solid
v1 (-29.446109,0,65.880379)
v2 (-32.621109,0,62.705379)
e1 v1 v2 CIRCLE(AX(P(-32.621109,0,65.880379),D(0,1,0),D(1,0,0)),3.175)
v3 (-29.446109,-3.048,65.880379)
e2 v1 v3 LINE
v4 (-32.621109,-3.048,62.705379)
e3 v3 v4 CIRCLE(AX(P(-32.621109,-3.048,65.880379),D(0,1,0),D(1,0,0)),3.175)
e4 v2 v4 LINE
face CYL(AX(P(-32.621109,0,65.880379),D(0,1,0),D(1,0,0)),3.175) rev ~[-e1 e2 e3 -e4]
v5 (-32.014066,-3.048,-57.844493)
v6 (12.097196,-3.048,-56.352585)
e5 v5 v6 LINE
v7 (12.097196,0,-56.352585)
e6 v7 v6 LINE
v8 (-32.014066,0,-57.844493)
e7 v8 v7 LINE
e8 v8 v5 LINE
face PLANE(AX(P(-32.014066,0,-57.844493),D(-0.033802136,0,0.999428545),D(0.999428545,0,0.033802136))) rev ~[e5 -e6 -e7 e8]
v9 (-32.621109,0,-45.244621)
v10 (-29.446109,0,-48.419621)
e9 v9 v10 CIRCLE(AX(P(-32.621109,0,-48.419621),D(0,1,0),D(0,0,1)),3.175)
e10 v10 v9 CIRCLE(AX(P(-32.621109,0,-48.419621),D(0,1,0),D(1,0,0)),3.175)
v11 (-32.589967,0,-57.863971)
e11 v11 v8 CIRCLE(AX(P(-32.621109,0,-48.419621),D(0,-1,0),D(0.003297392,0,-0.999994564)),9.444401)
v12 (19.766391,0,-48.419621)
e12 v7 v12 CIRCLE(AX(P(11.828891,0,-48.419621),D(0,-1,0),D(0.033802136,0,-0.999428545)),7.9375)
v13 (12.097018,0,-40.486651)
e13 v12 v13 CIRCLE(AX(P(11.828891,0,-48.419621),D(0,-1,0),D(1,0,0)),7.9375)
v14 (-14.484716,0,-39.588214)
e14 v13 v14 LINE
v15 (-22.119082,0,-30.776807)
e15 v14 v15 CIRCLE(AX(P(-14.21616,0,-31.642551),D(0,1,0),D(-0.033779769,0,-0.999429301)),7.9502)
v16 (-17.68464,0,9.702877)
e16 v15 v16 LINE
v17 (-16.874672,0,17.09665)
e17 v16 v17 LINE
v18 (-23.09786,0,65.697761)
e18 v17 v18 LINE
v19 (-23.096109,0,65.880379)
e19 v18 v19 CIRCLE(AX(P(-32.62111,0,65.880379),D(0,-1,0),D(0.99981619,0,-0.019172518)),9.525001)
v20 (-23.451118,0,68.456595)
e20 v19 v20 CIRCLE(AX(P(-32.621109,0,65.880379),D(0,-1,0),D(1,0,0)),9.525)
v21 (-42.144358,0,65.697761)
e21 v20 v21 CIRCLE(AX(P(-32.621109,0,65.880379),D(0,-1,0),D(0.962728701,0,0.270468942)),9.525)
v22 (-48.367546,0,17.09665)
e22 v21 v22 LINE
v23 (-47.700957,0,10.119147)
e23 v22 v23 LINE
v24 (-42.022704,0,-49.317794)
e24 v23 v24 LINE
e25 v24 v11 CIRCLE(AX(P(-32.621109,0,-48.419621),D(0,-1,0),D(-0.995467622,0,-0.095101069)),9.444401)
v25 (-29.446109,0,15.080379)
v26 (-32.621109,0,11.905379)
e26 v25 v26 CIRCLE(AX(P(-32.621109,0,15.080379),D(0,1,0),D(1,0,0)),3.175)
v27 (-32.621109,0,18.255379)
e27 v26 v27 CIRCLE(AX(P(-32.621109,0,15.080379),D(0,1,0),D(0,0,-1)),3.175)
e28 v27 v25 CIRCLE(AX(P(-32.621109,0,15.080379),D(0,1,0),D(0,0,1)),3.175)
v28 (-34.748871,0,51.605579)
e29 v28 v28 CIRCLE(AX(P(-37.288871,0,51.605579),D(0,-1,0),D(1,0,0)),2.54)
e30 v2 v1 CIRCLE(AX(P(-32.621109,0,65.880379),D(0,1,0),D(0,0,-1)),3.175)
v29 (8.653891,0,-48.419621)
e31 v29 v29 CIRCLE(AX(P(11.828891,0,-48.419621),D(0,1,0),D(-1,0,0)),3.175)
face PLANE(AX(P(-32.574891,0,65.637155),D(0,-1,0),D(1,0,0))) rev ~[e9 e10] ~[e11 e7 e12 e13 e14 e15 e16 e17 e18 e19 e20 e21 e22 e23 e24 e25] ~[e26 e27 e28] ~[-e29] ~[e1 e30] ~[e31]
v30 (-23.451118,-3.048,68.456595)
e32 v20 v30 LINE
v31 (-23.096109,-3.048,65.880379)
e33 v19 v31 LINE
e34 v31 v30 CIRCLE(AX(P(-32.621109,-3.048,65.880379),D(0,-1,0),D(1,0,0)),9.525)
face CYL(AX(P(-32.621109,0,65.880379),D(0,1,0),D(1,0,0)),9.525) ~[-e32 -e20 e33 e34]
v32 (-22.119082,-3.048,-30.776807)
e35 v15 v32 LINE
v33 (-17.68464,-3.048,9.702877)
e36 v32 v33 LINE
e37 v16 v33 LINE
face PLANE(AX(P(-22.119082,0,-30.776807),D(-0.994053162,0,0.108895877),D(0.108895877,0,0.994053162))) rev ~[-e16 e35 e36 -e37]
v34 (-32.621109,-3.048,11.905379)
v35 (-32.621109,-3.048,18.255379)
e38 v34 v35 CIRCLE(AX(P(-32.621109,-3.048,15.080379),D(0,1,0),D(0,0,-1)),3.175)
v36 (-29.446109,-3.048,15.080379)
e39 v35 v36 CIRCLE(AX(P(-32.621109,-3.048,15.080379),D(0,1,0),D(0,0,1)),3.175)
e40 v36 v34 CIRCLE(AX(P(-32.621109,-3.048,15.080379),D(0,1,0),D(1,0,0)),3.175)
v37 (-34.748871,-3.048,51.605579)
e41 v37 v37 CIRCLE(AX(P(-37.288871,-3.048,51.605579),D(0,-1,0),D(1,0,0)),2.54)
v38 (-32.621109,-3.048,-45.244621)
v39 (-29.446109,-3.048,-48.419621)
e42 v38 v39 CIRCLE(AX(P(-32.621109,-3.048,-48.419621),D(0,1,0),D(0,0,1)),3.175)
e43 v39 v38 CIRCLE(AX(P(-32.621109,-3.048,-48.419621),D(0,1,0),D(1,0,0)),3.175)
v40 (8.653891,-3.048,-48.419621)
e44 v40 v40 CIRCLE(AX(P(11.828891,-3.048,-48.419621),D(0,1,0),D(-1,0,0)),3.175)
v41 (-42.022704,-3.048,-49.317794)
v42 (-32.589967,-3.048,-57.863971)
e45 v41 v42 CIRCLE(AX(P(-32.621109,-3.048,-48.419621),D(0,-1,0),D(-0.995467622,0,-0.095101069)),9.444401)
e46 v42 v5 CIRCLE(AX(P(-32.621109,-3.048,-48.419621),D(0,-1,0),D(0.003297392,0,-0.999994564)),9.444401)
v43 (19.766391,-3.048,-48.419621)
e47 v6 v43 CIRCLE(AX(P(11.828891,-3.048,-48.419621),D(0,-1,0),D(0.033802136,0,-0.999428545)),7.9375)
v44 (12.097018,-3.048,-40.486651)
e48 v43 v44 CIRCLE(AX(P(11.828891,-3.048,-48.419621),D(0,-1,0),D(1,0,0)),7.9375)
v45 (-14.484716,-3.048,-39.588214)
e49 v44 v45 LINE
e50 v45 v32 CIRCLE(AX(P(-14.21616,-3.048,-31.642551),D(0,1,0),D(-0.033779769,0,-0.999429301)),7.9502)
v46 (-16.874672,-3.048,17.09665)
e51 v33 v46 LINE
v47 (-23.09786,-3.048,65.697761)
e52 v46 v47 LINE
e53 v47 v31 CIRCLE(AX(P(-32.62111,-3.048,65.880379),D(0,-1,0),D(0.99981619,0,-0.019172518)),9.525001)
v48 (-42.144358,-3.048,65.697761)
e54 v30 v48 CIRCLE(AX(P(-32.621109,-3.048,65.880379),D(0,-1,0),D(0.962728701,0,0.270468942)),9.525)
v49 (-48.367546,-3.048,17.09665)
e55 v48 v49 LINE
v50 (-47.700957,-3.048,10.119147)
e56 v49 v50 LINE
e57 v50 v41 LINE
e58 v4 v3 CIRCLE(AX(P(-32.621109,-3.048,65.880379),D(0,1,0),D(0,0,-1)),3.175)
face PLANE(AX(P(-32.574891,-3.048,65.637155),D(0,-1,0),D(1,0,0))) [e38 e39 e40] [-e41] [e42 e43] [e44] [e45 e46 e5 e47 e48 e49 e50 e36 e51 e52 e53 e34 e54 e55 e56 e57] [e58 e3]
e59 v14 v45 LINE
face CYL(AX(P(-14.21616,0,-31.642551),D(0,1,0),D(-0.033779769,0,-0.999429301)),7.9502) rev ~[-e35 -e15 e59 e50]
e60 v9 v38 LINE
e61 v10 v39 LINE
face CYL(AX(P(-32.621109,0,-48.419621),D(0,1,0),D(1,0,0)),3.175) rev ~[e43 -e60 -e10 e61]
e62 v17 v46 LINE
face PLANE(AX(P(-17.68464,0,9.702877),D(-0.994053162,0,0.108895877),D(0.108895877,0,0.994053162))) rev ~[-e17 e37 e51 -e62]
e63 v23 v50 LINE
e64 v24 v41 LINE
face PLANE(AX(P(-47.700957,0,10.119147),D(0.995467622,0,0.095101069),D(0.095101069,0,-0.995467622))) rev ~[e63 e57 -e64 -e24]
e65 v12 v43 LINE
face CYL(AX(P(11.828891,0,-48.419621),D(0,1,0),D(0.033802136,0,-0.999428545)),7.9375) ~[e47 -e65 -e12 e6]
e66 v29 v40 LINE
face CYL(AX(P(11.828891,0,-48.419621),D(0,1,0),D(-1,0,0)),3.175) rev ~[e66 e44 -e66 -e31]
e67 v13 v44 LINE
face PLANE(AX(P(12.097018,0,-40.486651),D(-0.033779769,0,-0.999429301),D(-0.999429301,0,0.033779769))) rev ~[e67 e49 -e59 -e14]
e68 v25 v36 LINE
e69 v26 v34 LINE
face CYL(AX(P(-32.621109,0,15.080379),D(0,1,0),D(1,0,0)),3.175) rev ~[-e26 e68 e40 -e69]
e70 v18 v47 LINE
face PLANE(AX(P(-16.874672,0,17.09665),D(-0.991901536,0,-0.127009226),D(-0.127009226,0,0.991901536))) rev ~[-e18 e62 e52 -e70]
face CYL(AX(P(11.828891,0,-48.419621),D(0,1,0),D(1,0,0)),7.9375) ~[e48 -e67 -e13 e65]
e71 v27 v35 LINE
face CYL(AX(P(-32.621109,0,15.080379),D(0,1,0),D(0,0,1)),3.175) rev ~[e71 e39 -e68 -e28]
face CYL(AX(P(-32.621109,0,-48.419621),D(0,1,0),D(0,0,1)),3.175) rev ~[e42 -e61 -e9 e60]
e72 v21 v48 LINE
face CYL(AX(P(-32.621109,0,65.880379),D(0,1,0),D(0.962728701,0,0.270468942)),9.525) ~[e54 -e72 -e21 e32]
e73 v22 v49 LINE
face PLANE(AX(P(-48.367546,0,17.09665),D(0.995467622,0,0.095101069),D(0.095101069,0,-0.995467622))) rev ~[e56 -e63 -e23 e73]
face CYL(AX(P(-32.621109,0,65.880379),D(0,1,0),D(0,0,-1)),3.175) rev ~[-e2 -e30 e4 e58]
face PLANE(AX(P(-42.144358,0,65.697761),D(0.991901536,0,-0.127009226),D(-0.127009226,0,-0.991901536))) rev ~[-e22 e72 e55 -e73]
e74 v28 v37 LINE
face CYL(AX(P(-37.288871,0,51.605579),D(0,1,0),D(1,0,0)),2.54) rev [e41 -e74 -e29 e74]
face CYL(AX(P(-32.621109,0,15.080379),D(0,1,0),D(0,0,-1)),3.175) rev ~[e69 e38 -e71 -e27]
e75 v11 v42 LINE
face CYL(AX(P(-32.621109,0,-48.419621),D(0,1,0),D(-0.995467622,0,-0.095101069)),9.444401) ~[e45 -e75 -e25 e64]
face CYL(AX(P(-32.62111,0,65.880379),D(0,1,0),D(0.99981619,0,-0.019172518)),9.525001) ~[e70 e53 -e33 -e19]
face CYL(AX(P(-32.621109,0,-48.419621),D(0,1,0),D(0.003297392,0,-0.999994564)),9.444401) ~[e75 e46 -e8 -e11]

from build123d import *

# Parameters (mm, degrees)
F0_R     = 2.54
F1_DEPTH = 3.048


with BuildPart() as f1:
    # F0 (on Front) → F1 (new body)
    with BuildSketch(Plane.XZ):
        with BuildLine():
            ThreePointArc((-42.1443581445, 65.6977605384), (-39.2914232505, 59.08092793), (-32.6211089313, 56.3553787816))
            ThreePointArc((-32.6211089313, 56.3553787816), (-25.9507946121, 59.08092793), (-23.0978597181, 65.6977605384))
            Line((-23.0978597181, 65.6977605384), (-23.4511180552, 68.456595452))
            ThreePointArc((-23.4511180552, 68.456595452), (-34.0117887591, 75.3033100992), (-42.1443581445, 65.6977605384))
        make_face()
        with BuildLine():
            ThreePointArc((-29.4461089313, 65.8803787816), (-30.376044901, 63.6353147513), (-32.6211089313, 62.7053787816))
            ThreePointArc((-32.6211089313, 62.7053787816), (-34.8661729616, 68.1254428119), (-29.4461089313, 65.8803787816))
        make_face(mode=Mode.SUBTRACT)
        with BuildLine():
            ThreePointArc((-23.0978597181, 65.6977605384), (-25.9507946121, 59.08092793), (-32.6211089313, 56.3553787816))
            Line((-32.6211089313, 56.3553787816), (-32.6211089313, 30.9553787816))
            ThreePointArc((-32.6211089313, 30.9553787816), (-22.1328460742, 26.997256193), (-16.8746720522, 17.0966502448))
            Line((-16.8746720522, 17.0966502448), (-23.0978597181, 65.6977605384))
        make_face()
        with BuildLine():
            Line((-32.6211089313, 30.9553787816), (-32.6211089313, 56.3553787816))
            ThreePointArc((-32.6211089313, 56.3553787816), (-39.2914232505, 59.08092793), (-42.1443581445, 65.6977605384))
            Line((-42.1443581445, 65.6977605384), (-48.3675458104, 17.0966502448))
            ThreePointArc((-48.3675458104, 17.0966502448), (-43.1093717885, 26.997256193), (-32.6211089313, 30.9553787816))
        make_face()
        with Locations((-37.2888706625, 51.6055787816)):
            Circle(F0_R, mode=Mode.SUBTRACT)
        with BuildLine():
            ThreePointArc((-16.8746720522, 17.0966502448), (-22.1328460742, 26.997256193), (-32.6211089313, 30.9553787816))
            Line((-32.6211089313, 30.9553787816), (-32.6211089313, 18.2553787816))
            ThreePointArc((-32.6211089313, 18.2553787816), (-30.376044901, 17.3254428119), (-29.4461089313, 15.0803787816))
            ThreePointArc((-29.4461089313, 15.0803787816), (-30.376044901, 12.8353147513), (-32.6211089313, 11.9053787816))
            Line((-32.6211089313, 11.9053787816), (-32.6211089313, -0.7946212184))
            ThreePointArc((-32.6211089313, -0.7946212184), (-23.4929168915, 2.0922405361), (-17.6846402517, 9.7028767237))
            Line((-17.6846402517, 9.7028767237), (-16.8746720522, 17.0966502448))
        make_face()
        with BuildLine():
            Line((-32.6211089313, 18.2553787816), (-32.6211089313, 30.9553787816))
            ThreePointArc((-32.6211089313, 30.9553787816), (-43.1093717885, 26.997256193), (-48.3675458104, 17.0966502448))
            Line((-48.3675458104, 17.0966502448), (-47.7009565636, 10.1191470405))
            ThreePointArc((-47.7009565636, 10.1191470405), (-41.9285272391, 2.2200681538), (-32.6211089313, -0.7946212184))
            Line((-32.6211089313, -0.7946212184), (-32.6211089313, 11.9053787816))
            ThreePointArc((-32.6211089313, 11.9053787816), (-35.7961089313, 15.0803787816), (-32.6211089313, 18.2553787816))
        make_face()
        with BuildLine():
            Line((-23.4511180552, 68.456595452), (-23.0978597181, 65.6977605384))
            ThreePointArc((-23.0978597181, 65.6977605384), (-23.0965466381, 65.7890654638), (-23.0961089313, 65.8803787816))
            ThreePointArc((-23.0961089313, 65.8803787816), (-23.1852785997, 67.1806598869), (-23.4511180552, 68.456595452))
        make_face()
        with BuildLine():
            Line((-22.1190817772, -30.7768067438), (-17.6846402517, 9.7028767237))
            ThreePointArc((-17.6846402517, 9.7028767237), (-23.4929168915, 2.0922405361), (-32.6211089313, -0.7946212184))
            Line((-32.6211089313, -0.7946212184), (-32.6211089313, -38.9752205832))
            ThreePointArc((-32.6211089313, -38.9752205832), (-25.9429091979, -41.741421485), (-23.1767082961, -48.4196212184))
            Line((-23.1767082961, -48.4196212184), (3.8913910687, -48.4196212184))
            ThreePointArc((3.8913910687, -48.4196212184), (6.3118425433, -42.7129512772), (12.0970179835, -40.4866511436))
            Line((12.0970179835, -40.4866511436), (-14.4847162499, -39.5882135694))
            ThreePointArc((-14.4847162499, -39.5882135694), (-20.2247777383, -36.848527779), (-22.1190817772, -30.7768067438))
        make_face()
        with BuildLine():
            ThreePointArc((-32.6211089313, -0.7946212184), (-41.9285272391, 2.2200681538), (-47.7009565636, 10.1191470405))
            Line((-47.7009565636, 10.1191470405), (-42.0227039741, -49.3177938133))
            ThreePointArc((-42.0227039741, -49.3177938133), (-39.609649737, -42.0669052034), (-32.6211089313, -38.9752205832))
            Line((-32.6211089313, -38.9752205832), (-32.6211089313, -0.7946212184))
        make_face()
        with BuildLine():
            ThreePointArc((-32.6211089313, -38.9752205832), (-39.609649737, -42.0669052034), (-42.0227039741, -49.3177938133))
            ThreePointArc((-42.0227039741, -49.3177938133), (-38.9622943166, -55.4186262383), (-32.5899670381, -57.86397051))
            Line((-32.5899670381, -57.86397051), (-32.0140661705, -57.8444927))
            ThreePointArc((-32.0140661705, -57.8444927), (-25.7316293285, -54.8796346984), (-23.1767082961, -48.4196212184))
            ThreePointArc((-23.1767082961, -48.4196212184), (-25.9429091979, -41.741421485), (-32.6211089313, -38.9752205832))
        make_face()
        with BuildLine():
            ThreePointArc((-32.6211089313, -45.2446212184), (-30.376044901, -46.1745571881), (-29.4461089313, -48.4196212184))
            ThreePointArc((-29.4461089313, -48.4196212184), (-34.8661729616, -50.6646852487), (-32.6211089313, -45.2446212184))
        make_face(mode=Mode.SUBTRACT)
        with BuildLine():
            Line((-32.0140661705, -57.8444927), (-32.5899670381, -57.86397051))
            ThreePointArc((-32.5899670381, -57.86397051), (-32.30186802, -57.8586247993), (-32.0140661705, -57.8444927))
        make_face()
        with BuildLine():
            Line((3.8913910687, -48.4196212184), (-23.1767082961, -48.4196212184))
            ThreePointArc((-23.1767082961, -48.4196212184), (-25.7316293285, -54.8796346984), (-32.0140661705, -57.8444927))
            Line((-32.0140661705, -57.8444927), (12.0971955203, -56.3525852906))
            ThreePointArc((12.0971955203, -56.3525852906), (6.3119064002, -54.126352894), (3.8913910687, -48.4196212184))
        make_face()
        with BuildLine():
            ThreePointArc((19.7663910687, -48.4196212184), (17.5355610099, -42.902572693), (12.0970179835, -40.4866511436))
            ThreePointArc((12.0970179835, -40.4866511436), (6.3118425433, -42.7129512772), (3.8913910687, -48.4196212184))
            ThreePointArc((3.8913910687, -48.4196212184), (6.3119064002, -54.126352894), (12.0971955203, -56.3525852906))
            ThreePointArc((12.0971955203, -56.3525852906), (17.5356227443, -53.9366058869), (19.7663910687, -48.4196212184))
        make_face()
        with BuildLine():
            ThreePointArc((15.0038910687, -48.4196212184), (11.8288910687, -51.5946212184), (8.6538910687, -48.4196212184))
            ThreePointArc((8.6538910687, -48.4196212184), (11.8288910687, -45.2446212184), (15.0038910687, -48.4196212184))
        make_face(mode=Mode.SUBTRACT)
    extrude(amount=F1_DEPTH)


solid = f1.part
